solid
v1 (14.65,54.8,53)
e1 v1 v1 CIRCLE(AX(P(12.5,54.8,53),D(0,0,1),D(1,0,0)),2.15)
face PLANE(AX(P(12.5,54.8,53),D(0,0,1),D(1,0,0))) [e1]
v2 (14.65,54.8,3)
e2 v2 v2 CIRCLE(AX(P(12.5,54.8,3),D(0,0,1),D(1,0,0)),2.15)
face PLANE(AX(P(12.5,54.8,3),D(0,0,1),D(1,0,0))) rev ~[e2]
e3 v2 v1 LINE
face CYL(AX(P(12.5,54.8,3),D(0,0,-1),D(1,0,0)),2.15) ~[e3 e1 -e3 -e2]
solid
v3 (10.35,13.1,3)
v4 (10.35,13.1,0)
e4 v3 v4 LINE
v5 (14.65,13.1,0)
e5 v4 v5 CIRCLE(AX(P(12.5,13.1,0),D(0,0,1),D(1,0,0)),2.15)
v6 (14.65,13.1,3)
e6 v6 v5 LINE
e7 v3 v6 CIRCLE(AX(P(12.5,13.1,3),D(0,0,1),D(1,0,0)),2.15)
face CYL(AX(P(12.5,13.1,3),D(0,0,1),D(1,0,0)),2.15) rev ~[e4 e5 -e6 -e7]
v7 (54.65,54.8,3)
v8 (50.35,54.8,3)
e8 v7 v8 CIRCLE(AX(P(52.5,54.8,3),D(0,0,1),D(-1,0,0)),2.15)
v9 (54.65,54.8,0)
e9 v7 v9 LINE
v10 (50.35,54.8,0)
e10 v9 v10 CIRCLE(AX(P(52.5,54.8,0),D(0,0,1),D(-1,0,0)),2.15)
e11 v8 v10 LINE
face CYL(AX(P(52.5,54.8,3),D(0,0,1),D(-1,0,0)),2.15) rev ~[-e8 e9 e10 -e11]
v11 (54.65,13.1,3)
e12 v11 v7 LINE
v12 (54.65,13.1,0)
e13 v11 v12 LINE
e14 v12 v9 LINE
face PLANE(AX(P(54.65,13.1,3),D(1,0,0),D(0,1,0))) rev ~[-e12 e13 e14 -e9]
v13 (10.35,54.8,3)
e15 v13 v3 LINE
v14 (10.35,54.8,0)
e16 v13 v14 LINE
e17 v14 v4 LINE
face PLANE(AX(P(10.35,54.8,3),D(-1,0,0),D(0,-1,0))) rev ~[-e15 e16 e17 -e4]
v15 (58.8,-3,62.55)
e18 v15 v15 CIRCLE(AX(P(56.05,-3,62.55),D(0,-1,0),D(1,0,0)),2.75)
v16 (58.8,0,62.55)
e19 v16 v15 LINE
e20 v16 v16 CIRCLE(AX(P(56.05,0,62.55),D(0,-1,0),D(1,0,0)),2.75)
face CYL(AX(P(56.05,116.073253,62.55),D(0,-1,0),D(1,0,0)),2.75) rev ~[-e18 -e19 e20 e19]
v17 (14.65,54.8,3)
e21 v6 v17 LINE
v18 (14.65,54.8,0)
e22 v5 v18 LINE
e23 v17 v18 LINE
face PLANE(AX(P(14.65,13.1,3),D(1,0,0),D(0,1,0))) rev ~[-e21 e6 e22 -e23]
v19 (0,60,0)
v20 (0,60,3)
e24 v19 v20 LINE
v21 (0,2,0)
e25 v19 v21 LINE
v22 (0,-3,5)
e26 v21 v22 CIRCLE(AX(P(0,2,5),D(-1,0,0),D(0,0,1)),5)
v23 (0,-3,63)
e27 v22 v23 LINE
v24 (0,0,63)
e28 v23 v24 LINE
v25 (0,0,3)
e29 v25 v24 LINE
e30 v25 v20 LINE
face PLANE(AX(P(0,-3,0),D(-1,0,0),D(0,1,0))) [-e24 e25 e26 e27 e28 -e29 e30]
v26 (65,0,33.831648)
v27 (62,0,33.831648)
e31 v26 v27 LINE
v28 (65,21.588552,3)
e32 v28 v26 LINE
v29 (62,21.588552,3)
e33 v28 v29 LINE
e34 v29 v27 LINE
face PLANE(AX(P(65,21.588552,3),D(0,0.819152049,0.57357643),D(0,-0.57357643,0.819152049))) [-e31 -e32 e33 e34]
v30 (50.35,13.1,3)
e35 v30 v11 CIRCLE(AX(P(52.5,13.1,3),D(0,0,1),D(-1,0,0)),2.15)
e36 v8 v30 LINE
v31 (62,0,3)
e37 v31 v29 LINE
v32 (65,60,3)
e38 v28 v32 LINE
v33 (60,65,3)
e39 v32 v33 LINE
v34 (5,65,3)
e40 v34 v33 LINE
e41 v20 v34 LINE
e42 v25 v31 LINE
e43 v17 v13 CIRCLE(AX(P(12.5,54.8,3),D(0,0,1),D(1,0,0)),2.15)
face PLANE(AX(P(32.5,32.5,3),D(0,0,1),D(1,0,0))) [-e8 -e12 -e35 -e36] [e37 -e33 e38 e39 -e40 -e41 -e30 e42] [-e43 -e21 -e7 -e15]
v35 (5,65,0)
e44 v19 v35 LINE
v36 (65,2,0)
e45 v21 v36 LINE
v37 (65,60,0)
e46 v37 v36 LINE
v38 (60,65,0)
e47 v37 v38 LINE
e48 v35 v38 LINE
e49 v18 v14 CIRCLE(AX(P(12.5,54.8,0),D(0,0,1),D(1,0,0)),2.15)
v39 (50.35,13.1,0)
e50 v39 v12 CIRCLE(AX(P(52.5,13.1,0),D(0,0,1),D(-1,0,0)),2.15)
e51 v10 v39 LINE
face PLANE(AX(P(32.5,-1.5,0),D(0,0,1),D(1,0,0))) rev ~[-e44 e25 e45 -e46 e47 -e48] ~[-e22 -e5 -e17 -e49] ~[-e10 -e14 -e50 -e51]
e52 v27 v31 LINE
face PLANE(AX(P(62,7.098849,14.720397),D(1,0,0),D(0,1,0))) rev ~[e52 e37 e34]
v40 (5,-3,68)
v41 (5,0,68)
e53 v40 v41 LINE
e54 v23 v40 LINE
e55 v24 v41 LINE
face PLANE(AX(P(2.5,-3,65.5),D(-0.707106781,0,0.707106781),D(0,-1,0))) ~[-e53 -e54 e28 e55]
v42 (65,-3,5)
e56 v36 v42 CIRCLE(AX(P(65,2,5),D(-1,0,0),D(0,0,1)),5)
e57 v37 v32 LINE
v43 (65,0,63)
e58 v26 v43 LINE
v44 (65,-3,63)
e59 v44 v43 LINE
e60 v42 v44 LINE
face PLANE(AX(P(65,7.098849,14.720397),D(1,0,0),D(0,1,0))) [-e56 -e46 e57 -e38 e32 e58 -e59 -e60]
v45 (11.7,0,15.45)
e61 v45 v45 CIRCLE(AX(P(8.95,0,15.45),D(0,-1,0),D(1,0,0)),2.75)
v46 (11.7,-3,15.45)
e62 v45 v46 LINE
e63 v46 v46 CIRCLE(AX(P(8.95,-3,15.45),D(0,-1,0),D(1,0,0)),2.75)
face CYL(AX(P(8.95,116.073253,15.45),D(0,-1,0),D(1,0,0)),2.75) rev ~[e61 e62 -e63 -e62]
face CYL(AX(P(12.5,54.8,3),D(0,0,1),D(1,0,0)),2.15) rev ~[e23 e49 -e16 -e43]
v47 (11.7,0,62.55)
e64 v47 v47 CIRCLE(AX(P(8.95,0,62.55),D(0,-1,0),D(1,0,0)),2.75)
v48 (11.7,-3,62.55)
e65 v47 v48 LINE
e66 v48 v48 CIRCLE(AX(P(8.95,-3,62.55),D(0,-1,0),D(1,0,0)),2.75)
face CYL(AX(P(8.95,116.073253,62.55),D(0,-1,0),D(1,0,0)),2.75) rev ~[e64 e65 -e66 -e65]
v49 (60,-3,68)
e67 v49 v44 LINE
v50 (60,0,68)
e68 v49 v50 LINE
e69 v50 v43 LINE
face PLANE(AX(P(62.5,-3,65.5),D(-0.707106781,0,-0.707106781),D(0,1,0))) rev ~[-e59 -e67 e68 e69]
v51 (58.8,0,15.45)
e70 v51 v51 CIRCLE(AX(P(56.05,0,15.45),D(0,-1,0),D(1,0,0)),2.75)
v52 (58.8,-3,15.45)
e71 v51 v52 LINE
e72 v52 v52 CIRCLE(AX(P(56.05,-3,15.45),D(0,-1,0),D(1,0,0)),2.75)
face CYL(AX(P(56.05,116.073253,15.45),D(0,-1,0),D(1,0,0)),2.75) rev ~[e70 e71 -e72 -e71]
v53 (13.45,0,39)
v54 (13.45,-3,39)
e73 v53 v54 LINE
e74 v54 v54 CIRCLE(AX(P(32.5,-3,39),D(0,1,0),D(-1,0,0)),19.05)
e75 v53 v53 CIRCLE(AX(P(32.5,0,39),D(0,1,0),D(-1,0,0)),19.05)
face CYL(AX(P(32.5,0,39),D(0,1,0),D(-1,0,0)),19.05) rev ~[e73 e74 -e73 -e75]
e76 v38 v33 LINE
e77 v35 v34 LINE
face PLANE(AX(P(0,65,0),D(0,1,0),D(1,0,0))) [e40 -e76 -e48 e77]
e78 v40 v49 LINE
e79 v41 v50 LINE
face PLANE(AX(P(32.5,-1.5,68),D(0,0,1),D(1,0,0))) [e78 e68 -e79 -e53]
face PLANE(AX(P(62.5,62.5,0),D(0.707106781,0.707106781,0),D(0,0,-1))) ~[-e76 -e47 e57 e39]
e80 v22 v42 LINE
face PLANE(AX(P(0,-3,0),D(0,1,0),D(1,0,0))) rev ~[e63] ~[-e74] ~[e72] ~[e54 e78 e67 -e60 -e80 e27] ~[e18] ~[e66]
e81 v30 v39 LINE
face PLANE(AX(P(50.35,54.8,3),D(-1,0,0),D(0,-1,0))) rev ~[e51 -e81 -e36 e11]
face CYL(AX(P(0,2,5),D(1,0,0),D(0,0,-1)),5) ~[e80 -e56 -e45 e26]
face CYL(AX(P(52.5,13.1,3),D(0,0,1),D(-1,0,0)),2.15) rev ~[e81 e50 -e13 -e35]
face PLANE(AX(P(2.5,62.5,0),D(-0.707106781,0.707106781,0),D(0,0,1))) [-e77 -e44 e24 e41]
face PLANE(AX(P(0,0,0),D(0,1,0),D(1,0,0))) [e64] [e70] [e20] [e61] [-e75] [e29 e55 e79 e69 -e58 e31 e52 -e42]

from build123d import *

# Parameters (mm, degrees)
F0_W      = 65
F0_H      = 65
F1_DEPTH  = 3
F0_H_2    = 3
F2_DEPTH  = 68
F3_R      = 5
F4_SIZE   = 5
F6_D      = 5.5
F5_R      = 19.05
F7_DEPTH  = 25
F9_DEPTH  = 3
F10_SIZE  = 5
F12_DEPTH = 25
F13_DEPTH = 50


with BuildPart() as f1:
    # F0 (on Top) → F1 (new body)
    with BuildSketch(Plane.XY):
        with Locations((32.5, 32.5)):
            Rectangle(F0_W, F0_H)
    extrude(amount=F1_DEPTH)

    # F0 (on Top) → F2 (join)
    with BuildSketch(Plane.XY):
        with Locations((32.5, -1.5)):
            Rectangle(F0_W, F0_H_2)
    extrude(amount=F2_DEPTH)

    # F3
    f3_edges = [f1.edges().sort_by_distance(p)[0] for p in [
        (32.5, -3, 0),
    ]]
    fillet(f3_edges, radius=F3_R)

    # F4
    f4_edges = [f1.edges().sort_by_distance(p)[0] for p in [
        (65, -1.5, 68),
        (0, -1.5, 68),
    ]]
    chamfer(f4_edges, length=F4_SIZE)

    # F6 (through all)
    with Locations(Plane(origin=(0, 0, 0), x_dir=(-1, 0, 0), z_dir=(0, 1, 0))):
        with Locations((-56.05, 62.55), (-8.95, 62.55), (-8.95, 15.45), (-56.05, 15.45)):
            Hole(F6_D / 2)

    # F5 (on face) → F7 (cut)
    with BuildSketch(Plane(origin=(0, 0, 0), x_dir=(-1, 0, 0), z_dir=(0, 1, 0))):
        with Locations((-32.5, 39)):
            Circle(F5_R)
    extrude(amount=-F7_DEPTH, mode=Mode.SUBTRACT)

    # F8 (on face) → F9 (join)
    with BuildSketch(Plane.YZ.offset(65)):
        Polygon((21.588552, 3), (0, 33.831648), (0, 3), align=None)
    extrude(amount=-F9_DEPTH)

    # F10
    f10_edges = [f1.edges().sort_by_distance(p)[0] for p in [
        (65, 65, 1.5),
        (0, 65, 1.5),
    ]]
    chamfer(f10_edges, length=F10_SIZE)

    # F11 (on face) → F12 (cut)
    with BuildSketch(Plane.XY.offset(3)):
        with BuildLine():
            Line((14.65, 13.1), (14.65, 54.8))
            ThreePointArc((14.65, 54.8), (12.5, 52.65), (10.35, 54.8))
            Line((10.35, 54.8), (10.35, 13.1))
            ThreePointArc((10.35, 13.1), (12.5, 15.25), (14.65, 13.1))
        make_face()
        with BuildLine():
            ThreePointArc((54.65, 54.8), (52.5, 52.65), (50.35, 54.8))
            Line((50.35, 54.8), (50.35, 13.1))
            ThreePointArc((50.35, 13.1), (52.5, 15.25), (54.65, 13.1))
            Line((54.65, 13.1), (54.65, 54.8))
        make_face()
        with BuildLine():
            ThreePointArc((54.65, 13.1), (52.5, 15.25), (50.35, 13.1))
            ThreePointArc((50.35, 13.1), (52.5, 10.95), (54.65, 13.1))
        make_face()
        with BuildLine():
            ThreePointArc((10.35, 13.1), (12.5, 10.95), (14.65, 13.1))
            ThreePointArc((14.65, 13.1), (12.5, 15.25), (10.35, 13.1))
        make_face()
        with BuildLine():
            ThreePointArc((54.65, 54.8), (52.5, 56.95), (50.35, 54.8))
            ThreePointArc((50.35, 54.8), (52.5, 52.65), (54.65, 54.8))
        make_face()
        with BuildLine():
            ThreePointArc((10.35, 54.8), (12.5, 52.65), (14.65, 54.8))
            ThreePointArc((14.65, 54.8), (12.5, 56.95), (10.35, 54.8))
        make_face()
    extrude(amount=-F12_DEPTH, mode=Mode.SUBTRACT)


with BuildPart() as f13:
    # F11 (on face) → F13 (new body)
    with BuildSketch(Plane.XY.offset(3)):
        with BuildLine():
            ThreePointArc((10.35, 54.8), (12.5, 52.65), (14.65, 54.8))
            ThreePointArc((14.65, 54.8), (12.5, 56.95), (10.35, 54.8))
        make_face()
    extrude(amount=F13_DEPTH)


solid = Compound([f1.part, f13.part])
